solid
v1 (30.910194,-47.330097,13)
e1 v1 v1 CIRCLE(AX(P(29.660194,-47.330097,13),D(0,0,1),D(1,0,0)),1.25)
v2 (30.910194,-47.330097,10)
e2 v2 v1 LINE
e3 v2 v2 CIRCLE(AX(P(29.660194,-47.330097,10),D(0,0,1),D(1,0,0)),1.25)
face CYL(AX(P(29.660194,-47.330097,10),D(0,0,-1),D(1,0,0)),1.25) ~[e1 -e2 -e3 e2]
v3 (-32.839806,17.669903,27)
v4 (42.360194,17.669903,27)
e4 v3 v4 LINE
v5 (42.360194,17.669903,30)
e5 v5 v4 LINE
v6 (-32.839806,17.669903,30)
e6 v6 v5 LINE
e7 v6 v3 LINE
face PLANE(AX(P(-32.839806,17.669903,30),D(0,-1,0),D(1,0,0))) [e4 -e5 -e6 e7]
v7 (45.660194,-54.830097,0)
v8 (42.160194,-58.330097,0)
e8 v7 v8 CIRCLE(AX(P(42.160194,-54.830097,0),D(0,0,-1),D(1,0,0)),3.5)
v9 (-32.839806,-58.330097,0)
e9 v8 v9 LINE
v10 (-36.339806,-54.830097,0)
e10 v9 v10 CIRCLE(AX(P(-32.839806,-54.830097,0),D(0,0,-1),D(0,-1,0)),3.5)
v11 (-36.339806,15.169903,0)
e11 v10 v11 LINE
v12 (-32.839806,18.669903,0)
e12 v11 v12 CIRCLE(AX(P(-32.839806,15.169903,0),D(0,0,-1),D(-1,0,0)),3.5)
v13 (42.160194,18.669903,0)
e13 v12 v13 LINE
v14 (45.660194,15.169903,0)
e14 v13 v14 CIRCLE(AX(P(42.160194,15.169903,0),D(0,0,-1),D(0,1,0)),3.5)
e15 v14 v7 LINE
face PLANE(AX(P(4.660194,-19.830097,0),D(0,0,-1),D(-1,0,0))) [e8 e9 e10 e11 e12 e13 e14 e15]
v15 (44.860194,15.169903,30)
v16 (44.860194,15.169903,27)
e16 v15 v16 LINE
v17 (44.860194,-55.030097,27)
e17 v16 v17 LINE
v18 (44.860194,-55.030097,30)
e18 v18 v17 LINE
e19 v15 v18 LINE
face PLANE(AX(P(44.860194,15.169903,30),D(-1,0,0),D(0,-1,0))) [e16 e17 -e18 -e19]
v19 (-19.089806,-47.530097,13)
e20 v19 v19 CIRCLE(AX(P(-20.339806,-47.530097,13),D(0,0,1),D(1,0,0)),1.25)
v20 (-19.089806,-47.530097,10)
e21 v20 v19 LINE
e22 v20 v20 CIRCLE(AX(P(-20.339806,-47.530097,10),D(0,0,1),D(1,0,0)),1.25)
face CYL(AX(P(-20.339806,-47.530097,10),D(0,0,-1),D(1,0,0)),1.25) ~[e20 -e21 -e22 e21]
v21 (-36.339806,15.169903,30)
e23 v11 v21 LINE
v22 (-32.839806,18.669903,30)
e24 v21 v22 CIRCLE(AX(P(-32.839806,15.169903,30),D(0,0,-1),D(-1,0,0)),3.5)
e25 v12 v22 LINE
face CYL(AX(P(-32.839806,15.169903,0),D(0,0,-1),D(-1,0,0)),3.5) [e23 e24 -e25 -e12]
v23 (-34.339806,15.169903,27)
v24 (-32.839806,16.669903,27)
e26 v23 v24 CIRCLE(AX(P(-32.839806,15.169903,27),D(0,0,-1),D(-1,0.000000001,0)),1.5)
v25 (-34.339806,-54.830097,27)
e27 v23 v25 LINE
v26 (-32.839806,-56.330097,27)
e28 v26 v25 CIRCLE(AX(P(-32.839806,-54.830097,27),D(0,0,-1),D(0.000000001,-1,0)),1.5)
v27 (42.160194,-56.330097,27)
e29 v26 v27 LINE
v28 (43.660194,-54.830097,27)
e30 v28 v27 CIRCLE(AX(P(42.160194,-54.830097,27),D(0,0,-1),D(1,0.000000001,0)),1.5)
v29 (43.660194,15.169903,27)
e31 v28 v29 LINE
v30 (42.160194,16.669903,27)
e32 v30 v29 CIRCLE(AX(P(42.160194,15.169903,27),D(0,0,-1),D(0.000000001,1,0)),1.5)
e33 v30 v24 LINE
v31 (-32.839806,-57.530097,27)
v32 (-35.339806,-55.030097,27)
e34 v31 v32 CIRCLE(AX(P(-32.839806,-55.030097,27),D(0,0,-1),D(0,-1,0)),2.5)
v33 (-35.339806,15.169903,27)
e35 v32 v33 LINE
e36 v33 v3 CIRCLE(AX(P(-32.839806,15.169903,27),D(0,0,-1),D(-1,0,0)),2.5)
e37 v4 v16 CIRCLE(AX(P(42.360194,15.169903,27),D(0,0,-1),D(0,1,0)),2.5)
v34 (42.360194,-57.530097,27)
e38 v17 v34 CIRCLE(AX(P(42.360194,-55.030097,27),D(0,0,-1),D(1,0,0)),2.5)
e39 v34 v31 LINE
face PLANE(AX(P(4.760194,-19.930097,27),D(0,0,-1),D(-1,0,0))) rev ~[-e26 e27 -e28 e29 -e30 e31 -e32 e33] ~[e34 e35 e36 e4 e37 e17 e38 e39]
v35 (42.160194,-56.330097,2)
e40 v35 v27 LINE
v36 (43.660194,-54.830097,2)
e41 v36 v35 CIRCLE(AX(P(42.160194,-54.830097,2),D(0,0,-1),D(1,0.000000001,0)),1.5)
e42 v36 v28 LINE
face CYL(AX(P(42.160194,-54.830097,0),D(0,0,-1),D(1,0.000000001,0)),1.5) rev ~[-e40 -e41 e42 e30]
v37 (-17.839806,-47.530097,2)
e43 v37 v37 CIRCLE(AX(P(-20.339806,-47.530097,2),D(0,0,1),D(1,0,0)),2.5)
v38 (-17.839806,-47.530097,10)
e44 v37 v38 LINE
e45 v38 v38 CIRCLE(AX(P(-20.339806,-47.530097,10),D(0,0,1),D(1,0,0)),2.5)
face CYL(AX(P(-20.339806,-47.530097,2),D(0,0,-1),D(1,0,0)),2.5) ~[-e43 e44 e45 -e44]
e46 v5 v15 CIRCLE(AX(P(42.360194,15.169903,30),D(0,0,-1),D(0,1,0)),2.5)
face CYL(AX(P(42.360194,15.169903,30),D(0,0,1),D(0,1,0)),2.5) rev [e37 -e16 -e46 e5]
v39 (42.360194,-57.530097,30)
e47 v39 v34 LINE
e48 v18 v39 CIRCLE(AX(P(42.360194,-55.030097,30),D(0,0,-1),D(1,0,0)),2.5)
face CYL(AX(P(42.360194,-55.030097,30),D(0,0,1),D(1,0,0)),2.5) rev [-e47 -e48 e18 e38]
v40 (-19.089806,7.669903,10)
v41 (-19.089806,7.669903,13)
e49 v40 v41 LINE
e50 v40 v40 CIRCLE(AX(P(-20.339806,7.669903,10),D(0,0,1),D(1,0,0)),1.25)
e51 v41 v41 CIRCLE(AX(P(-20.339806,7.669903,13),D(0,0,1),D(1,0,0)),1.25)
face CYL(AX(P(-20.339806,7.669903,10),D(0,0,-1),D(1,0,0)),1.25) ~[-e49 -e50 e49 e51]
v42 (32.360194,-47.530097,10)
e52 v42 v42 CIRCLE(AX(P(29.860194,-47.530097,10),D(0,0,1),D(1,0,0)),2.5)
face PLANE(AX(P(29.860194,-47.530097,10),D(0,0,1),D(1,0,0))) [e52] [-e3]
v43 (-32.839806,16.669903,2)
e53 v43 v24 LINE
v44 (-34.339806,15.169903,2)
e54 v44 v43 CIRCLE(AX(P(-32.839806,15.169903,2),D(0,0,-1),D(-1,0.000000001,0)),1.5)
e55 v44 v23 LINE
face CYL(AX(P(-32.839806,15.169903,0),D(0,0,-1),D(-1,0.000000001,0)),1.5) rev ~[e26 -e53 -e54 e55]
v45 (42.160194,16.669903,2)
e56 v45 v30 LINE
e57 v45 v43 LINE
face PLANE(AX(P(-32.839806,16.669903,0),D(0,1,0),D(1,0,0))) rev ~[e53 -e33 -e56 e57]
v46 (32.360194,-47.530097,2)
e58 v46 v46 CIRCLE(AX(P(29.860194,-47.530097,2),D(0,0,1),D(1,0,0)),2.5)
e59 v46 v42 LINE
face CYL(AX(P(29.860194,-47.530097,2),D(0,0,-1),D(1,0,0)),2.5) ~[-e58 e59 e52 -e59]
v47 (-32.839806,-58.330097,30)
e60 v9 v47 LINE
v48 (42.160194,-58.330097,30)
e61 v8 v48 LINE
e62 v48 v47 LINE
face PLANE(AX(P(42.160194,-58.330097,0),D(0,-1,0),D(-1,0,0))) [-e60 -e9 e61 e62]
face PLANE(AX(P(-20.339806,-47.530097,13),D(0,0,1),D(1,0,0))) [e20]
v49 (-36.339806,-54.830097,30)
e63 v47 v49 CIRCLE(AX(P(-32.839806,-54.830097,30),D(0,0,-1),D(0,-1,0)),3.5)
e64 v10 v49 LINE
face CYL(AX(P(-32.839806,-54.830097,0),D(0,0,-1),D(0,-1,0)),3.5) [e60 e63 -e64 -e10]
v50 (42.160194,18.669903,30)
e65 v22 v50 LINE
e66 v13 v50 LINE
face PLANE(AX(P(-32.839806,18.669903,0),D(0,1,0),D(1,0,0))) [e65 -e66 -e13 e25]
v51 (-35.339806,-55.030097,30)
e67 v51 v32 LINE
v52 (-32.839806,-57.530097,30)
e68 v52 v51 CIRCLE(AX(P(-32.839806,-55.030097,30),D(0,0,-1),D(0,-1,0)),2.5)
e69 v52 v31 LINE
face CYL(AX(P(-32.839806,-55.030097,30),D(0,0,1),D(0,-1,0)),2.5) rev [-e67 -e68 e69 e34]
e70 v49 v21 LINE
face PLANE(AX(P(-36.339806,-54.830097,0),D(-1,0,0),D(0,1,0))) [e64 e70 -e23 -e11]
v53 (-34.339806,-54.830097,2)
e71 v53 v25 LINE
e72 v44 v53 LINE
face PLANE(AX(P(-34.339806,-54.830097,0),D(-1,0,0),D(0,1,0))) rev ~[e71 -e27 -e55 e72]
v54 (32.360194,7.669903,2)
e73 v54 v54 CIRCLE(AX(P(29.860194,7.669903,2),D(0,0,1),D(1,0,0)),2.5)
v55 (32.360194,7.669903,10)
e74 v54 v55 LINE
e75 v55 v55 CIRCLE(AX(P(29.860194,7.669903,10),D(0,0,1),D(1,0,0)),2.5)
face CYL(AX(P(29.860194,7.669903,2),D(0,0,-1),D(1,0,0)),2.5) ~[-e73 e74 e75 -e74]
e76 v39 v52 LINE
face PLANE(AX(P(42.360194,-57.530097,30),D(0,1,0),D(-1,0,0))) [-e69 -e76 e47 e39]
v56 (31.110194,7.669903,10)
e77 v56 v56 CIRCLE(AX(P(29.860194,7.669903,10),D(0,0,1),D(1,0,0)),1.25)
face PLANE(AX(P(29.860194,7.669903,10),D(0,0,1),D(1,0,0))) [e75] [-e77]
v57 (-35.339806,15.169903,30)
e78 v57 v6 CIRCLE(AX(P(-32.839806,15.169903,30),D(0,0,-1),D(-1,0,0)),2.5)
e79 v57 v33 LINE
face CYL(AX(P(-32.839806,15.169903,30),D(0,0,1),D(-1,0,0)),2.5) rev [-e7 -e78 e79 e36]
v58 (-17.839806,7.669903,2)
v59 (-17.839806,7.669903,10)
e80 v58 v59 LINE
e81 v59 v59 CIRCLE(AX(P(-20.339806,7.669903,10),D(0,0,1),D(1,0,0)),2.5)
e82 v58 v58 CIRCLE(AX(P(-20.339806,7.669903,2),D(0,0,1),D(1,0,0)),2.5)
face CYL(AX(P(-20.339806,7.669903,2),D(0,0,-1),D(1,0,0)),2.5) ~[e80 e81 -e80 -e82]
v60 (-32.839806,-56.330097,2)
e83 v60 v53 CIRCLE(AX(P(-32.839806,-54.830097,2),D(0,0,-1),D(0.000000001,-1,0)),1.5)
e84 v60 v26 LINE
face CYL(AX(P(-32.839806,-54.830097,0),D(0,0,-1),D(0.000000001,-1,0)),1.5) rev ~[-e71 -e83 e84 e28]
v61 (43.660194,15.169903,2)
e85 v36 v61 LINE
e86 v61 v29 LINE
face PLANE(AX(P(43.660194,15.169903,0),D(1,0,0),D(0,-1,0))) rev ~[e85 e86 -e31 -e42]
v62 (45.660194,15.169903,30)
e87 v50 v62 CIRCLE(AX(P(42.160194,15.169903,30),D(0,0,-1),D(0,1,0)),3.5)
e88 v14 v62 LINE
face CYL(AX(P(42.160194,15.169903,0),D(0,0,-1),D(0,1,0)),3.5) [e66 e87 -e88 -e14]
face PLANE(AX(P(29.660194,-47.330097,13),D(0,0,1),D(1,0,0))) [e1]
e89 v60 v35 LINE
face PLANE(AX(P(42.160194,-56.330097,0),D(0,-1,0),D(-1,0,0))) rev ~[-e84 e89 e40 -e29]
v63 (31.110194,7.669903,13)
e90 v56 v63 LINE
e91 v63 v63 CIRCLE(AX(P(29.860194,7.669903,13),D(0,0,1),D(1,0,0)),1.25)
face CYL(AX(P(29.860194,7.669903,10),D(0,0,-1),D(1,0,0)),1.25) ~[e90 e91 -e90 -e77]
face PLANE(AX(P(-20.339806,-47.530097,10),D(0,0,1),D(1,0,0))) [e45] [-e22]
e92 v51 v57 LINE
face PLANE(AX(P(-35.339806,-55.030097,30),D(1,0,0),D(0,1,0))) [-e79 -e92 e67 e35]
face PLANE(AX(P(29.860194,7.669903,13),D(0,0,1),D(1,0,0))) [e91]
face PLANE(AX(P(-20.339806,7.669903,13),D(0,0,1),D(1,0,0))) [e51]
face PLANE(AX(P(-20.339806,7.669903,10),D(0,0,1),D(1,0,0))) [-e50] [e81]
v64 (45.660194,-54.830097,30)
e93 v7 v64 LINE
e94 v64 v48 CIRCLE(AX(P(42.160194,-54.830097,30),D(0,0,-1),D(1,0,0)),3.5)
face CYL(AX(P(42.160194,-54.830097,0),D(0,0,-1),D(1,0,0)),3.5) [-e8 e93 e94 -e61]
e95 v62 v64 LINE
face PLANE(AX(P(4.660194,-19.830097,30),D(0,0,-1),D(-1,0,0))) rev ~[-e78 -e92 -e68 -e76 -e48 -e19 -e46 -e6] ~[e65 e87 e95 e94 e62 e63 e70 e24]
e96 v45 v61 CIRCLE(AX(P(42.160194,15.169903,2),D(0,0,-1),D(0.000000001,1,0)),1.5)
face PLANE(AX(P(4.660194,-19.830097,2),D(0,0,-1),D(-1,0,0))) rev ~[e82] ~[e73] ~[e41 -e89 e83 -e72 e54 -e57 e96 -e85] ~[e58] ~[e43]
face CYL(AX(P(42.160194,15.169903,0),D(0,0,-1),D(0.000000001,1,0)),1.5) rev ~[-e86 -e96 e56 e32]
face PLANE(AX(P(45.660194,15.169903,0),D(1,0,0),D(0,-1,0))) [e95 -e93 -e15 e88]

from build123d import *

# Parameters (mm, degrees)
EXTRU_MINCE1_DEPTH      = 30
BOSS_EXTRU_1_DEPTH      = 2
ENL_V_MAT_EXTRU_1_DEPTH = 3
ESQUISSE3_R             = 2.5
BOSS_EXTRU_2_DEPTH      = 8
ESQUISSE4_R             = 1.25
BOSS_EXTRU_3_DEPTH      = 3


with BuildPart() as part:
    # Esquisse1 → Extru.-Mince1 (new body)
    with BuildSketch(Plane.XY):
        with BuildLine():
            Line((42.160194175, -58.330097087), (-32.839805825, -58.330097087))
            ThreePointArc((-32.839805825, -58.330097087), (-35.314679559, -57.304970822), (-36.339805825, -54.830097087))
            Line((-36.339805825, -54.830097087), (-36.339805825, 15.169902913))
            ThreePointArc((-36.339805825, 15.169902913), (-35.314679559, 17.644776647), (-32.839805825, 18.669902913))
            Line((-32.839805825, 18.669902913), (42.160194175, 18.669902913))
            ThreePointArc((42.160194175, 18.669902913), (44.635067909, 17.644776647), (45.660194175, 15.169902913))
            Line((45.660194175, 15.169902913), (45.660194175, -54.830097087))
            ThreePointArc((45.660194175, -54.830097087), (44.635067909, -57.304970822), (42.160194175, -58.330097087))
        make_face()
        with BuildLine():
            Line((42.160194175, -56.330097087), (-32.839805825, -56.330097087))
            ThreePointArc((-32.839805825, -56.330097087), (-33.900465997, -55.890757259), (-34.339805825, -54.830097087))
            Line((-34.339805825, -54.830097087), (-34.339805825, 15.169902913))
            ThreePointArc((-34.339805825, 15.169902913), (-33.900465997, 16.230563084), (-32.839805825, 16.669902913))
            Line((-32.839805825, 16.669902913), (42.160194175, 16.669902913))
            ThreePointArc((42.160194175, 16.669902913), (43.220854347, 16.230563084), (43.660194175, 15.169902913))
            Line((43.660194175, 15.169902913), (43.660194175, -54.830097087))
            ThreePointArc((43.660194175, -54.830097087), (43.220854347, -55.890757259), (42.160194175, -56.330097087))
        make_face(mode=Mode.SUBTRACT)
    extrude(amount=EXTRU_MINCE1_DEPTH)

    # Esquisse1<2> → Boss.-Extru.1 (add)
    with BuildSketch(Plane.XY):
        with BuildLine():
            Line((-32.839805825, 17.669902913), (42.160194175, 17.669902913))
            ThreePointArc((42.160194175, 17.669902913), (43.927961128, 16.937669866), (44.660194175, 15.169902913))
            Line((44.660194175, 15.169902913), (44.660194175, -54.830097087))
            ThreePointArc((44.660194175, -54.830097087), (43.927961128, -56.59786404), (42.160194175, -57.330097087))
            Line((42.160194175, -57.330097087), (-32.839805825, -57.330097087))
            ThreePointArc((-32.839805825, -57.330097087), (-34.607572778, -56.59786404), (-35.339805825, -54.830097087))
            Line((-35.339805825, -54.830097087), (-35.339805825, 15.169902913))
            ThreePointArc((-35.339805825, 15.169902913), (-34.607572778, 16.937669866), (-32.839805825, 17.669902913))
        make_face()
    extrude(amount=BOSS_EXTRU_1_DEPTH)

    # Esquisse2 → Enlèv. mat.-Extru.1 (cut)
    with BuildSketch(Plane.XY.offset(30)):
        with BuildLine():
            Line((-32.839805825, 17.669902913), (42.360194175, 17.669902913))
            ThreePointArc((42.360194175, 17.669902913), (44.127961128, 16.937669866), (44.860194175, 15.169902913))
            Line((44.860194175, 15.169902913), (44.860194175, -55.030097087))
            ThreePointArc((44.860194175, -55.030097087), (44.127961128, -56.79786404), (42.360194175, -57.530097087))
            Line((42.360194175, -57.530097087), (-32.839805825, -57.530097087))
            ThreePointArc((-32.839805825, -57.530097087), (-34.607572778, -56.79786404), (-35.339805825, -55.030097087))
            Line((-35.339805825, -55.030097087), (-35.339805825, 15.169902913))
            ThreePointArc((-35.339805825, 15.169902913), (-34.607572778, 16.937669866), (-32.839805825, 17.669902913))
        make_face()
    extrude(amount=-ENL_V_MAT_EXTRU_1_DEPTH, mode=Mode.SUBTRACT)

    # Esquisse3 → Boss.-Extru.2 (add)
    with BuildSketch(Plane.XY.offset(2)):
        with Locations((-20.339805825, 7.669902913)):
            Circle(ESQUISSE3_R)
        with Locations((29.860194175, 7.669902913)):
            Circle(ESQUISSE3_R)
        with Locations((29.860194175, -47.530097087)):
            Circle(ESQUISSE3_R)
        with Locations((-20.339805825, -47.530097087)):
            Circle(ESQUISSE3_R)
    extrude(amount=BOSS_EXTRU_2_DEPTH)

    # Esquisse4 → Boss.-Extru.3 (add)
    with BuildSketch(Plane.XY.offset(10)):
        with Locations((-20.339805825, 7.669902913)):
            Circle(ESQUISSE4_R)
        with Locations((29.860194175, 7.669902913)):
            Circle(ESQUISSE4_R)
        with Locations((-20.339805825, -47.530097087)):
            Circle(ESQUISSE4_R)
        with Locations((29.660194175, -47.330097087)):
            Circle(ESQUISSE4_R)
    extrude(amount=BOSS_EXTRU_3_DEPTH)


solid = part.part
